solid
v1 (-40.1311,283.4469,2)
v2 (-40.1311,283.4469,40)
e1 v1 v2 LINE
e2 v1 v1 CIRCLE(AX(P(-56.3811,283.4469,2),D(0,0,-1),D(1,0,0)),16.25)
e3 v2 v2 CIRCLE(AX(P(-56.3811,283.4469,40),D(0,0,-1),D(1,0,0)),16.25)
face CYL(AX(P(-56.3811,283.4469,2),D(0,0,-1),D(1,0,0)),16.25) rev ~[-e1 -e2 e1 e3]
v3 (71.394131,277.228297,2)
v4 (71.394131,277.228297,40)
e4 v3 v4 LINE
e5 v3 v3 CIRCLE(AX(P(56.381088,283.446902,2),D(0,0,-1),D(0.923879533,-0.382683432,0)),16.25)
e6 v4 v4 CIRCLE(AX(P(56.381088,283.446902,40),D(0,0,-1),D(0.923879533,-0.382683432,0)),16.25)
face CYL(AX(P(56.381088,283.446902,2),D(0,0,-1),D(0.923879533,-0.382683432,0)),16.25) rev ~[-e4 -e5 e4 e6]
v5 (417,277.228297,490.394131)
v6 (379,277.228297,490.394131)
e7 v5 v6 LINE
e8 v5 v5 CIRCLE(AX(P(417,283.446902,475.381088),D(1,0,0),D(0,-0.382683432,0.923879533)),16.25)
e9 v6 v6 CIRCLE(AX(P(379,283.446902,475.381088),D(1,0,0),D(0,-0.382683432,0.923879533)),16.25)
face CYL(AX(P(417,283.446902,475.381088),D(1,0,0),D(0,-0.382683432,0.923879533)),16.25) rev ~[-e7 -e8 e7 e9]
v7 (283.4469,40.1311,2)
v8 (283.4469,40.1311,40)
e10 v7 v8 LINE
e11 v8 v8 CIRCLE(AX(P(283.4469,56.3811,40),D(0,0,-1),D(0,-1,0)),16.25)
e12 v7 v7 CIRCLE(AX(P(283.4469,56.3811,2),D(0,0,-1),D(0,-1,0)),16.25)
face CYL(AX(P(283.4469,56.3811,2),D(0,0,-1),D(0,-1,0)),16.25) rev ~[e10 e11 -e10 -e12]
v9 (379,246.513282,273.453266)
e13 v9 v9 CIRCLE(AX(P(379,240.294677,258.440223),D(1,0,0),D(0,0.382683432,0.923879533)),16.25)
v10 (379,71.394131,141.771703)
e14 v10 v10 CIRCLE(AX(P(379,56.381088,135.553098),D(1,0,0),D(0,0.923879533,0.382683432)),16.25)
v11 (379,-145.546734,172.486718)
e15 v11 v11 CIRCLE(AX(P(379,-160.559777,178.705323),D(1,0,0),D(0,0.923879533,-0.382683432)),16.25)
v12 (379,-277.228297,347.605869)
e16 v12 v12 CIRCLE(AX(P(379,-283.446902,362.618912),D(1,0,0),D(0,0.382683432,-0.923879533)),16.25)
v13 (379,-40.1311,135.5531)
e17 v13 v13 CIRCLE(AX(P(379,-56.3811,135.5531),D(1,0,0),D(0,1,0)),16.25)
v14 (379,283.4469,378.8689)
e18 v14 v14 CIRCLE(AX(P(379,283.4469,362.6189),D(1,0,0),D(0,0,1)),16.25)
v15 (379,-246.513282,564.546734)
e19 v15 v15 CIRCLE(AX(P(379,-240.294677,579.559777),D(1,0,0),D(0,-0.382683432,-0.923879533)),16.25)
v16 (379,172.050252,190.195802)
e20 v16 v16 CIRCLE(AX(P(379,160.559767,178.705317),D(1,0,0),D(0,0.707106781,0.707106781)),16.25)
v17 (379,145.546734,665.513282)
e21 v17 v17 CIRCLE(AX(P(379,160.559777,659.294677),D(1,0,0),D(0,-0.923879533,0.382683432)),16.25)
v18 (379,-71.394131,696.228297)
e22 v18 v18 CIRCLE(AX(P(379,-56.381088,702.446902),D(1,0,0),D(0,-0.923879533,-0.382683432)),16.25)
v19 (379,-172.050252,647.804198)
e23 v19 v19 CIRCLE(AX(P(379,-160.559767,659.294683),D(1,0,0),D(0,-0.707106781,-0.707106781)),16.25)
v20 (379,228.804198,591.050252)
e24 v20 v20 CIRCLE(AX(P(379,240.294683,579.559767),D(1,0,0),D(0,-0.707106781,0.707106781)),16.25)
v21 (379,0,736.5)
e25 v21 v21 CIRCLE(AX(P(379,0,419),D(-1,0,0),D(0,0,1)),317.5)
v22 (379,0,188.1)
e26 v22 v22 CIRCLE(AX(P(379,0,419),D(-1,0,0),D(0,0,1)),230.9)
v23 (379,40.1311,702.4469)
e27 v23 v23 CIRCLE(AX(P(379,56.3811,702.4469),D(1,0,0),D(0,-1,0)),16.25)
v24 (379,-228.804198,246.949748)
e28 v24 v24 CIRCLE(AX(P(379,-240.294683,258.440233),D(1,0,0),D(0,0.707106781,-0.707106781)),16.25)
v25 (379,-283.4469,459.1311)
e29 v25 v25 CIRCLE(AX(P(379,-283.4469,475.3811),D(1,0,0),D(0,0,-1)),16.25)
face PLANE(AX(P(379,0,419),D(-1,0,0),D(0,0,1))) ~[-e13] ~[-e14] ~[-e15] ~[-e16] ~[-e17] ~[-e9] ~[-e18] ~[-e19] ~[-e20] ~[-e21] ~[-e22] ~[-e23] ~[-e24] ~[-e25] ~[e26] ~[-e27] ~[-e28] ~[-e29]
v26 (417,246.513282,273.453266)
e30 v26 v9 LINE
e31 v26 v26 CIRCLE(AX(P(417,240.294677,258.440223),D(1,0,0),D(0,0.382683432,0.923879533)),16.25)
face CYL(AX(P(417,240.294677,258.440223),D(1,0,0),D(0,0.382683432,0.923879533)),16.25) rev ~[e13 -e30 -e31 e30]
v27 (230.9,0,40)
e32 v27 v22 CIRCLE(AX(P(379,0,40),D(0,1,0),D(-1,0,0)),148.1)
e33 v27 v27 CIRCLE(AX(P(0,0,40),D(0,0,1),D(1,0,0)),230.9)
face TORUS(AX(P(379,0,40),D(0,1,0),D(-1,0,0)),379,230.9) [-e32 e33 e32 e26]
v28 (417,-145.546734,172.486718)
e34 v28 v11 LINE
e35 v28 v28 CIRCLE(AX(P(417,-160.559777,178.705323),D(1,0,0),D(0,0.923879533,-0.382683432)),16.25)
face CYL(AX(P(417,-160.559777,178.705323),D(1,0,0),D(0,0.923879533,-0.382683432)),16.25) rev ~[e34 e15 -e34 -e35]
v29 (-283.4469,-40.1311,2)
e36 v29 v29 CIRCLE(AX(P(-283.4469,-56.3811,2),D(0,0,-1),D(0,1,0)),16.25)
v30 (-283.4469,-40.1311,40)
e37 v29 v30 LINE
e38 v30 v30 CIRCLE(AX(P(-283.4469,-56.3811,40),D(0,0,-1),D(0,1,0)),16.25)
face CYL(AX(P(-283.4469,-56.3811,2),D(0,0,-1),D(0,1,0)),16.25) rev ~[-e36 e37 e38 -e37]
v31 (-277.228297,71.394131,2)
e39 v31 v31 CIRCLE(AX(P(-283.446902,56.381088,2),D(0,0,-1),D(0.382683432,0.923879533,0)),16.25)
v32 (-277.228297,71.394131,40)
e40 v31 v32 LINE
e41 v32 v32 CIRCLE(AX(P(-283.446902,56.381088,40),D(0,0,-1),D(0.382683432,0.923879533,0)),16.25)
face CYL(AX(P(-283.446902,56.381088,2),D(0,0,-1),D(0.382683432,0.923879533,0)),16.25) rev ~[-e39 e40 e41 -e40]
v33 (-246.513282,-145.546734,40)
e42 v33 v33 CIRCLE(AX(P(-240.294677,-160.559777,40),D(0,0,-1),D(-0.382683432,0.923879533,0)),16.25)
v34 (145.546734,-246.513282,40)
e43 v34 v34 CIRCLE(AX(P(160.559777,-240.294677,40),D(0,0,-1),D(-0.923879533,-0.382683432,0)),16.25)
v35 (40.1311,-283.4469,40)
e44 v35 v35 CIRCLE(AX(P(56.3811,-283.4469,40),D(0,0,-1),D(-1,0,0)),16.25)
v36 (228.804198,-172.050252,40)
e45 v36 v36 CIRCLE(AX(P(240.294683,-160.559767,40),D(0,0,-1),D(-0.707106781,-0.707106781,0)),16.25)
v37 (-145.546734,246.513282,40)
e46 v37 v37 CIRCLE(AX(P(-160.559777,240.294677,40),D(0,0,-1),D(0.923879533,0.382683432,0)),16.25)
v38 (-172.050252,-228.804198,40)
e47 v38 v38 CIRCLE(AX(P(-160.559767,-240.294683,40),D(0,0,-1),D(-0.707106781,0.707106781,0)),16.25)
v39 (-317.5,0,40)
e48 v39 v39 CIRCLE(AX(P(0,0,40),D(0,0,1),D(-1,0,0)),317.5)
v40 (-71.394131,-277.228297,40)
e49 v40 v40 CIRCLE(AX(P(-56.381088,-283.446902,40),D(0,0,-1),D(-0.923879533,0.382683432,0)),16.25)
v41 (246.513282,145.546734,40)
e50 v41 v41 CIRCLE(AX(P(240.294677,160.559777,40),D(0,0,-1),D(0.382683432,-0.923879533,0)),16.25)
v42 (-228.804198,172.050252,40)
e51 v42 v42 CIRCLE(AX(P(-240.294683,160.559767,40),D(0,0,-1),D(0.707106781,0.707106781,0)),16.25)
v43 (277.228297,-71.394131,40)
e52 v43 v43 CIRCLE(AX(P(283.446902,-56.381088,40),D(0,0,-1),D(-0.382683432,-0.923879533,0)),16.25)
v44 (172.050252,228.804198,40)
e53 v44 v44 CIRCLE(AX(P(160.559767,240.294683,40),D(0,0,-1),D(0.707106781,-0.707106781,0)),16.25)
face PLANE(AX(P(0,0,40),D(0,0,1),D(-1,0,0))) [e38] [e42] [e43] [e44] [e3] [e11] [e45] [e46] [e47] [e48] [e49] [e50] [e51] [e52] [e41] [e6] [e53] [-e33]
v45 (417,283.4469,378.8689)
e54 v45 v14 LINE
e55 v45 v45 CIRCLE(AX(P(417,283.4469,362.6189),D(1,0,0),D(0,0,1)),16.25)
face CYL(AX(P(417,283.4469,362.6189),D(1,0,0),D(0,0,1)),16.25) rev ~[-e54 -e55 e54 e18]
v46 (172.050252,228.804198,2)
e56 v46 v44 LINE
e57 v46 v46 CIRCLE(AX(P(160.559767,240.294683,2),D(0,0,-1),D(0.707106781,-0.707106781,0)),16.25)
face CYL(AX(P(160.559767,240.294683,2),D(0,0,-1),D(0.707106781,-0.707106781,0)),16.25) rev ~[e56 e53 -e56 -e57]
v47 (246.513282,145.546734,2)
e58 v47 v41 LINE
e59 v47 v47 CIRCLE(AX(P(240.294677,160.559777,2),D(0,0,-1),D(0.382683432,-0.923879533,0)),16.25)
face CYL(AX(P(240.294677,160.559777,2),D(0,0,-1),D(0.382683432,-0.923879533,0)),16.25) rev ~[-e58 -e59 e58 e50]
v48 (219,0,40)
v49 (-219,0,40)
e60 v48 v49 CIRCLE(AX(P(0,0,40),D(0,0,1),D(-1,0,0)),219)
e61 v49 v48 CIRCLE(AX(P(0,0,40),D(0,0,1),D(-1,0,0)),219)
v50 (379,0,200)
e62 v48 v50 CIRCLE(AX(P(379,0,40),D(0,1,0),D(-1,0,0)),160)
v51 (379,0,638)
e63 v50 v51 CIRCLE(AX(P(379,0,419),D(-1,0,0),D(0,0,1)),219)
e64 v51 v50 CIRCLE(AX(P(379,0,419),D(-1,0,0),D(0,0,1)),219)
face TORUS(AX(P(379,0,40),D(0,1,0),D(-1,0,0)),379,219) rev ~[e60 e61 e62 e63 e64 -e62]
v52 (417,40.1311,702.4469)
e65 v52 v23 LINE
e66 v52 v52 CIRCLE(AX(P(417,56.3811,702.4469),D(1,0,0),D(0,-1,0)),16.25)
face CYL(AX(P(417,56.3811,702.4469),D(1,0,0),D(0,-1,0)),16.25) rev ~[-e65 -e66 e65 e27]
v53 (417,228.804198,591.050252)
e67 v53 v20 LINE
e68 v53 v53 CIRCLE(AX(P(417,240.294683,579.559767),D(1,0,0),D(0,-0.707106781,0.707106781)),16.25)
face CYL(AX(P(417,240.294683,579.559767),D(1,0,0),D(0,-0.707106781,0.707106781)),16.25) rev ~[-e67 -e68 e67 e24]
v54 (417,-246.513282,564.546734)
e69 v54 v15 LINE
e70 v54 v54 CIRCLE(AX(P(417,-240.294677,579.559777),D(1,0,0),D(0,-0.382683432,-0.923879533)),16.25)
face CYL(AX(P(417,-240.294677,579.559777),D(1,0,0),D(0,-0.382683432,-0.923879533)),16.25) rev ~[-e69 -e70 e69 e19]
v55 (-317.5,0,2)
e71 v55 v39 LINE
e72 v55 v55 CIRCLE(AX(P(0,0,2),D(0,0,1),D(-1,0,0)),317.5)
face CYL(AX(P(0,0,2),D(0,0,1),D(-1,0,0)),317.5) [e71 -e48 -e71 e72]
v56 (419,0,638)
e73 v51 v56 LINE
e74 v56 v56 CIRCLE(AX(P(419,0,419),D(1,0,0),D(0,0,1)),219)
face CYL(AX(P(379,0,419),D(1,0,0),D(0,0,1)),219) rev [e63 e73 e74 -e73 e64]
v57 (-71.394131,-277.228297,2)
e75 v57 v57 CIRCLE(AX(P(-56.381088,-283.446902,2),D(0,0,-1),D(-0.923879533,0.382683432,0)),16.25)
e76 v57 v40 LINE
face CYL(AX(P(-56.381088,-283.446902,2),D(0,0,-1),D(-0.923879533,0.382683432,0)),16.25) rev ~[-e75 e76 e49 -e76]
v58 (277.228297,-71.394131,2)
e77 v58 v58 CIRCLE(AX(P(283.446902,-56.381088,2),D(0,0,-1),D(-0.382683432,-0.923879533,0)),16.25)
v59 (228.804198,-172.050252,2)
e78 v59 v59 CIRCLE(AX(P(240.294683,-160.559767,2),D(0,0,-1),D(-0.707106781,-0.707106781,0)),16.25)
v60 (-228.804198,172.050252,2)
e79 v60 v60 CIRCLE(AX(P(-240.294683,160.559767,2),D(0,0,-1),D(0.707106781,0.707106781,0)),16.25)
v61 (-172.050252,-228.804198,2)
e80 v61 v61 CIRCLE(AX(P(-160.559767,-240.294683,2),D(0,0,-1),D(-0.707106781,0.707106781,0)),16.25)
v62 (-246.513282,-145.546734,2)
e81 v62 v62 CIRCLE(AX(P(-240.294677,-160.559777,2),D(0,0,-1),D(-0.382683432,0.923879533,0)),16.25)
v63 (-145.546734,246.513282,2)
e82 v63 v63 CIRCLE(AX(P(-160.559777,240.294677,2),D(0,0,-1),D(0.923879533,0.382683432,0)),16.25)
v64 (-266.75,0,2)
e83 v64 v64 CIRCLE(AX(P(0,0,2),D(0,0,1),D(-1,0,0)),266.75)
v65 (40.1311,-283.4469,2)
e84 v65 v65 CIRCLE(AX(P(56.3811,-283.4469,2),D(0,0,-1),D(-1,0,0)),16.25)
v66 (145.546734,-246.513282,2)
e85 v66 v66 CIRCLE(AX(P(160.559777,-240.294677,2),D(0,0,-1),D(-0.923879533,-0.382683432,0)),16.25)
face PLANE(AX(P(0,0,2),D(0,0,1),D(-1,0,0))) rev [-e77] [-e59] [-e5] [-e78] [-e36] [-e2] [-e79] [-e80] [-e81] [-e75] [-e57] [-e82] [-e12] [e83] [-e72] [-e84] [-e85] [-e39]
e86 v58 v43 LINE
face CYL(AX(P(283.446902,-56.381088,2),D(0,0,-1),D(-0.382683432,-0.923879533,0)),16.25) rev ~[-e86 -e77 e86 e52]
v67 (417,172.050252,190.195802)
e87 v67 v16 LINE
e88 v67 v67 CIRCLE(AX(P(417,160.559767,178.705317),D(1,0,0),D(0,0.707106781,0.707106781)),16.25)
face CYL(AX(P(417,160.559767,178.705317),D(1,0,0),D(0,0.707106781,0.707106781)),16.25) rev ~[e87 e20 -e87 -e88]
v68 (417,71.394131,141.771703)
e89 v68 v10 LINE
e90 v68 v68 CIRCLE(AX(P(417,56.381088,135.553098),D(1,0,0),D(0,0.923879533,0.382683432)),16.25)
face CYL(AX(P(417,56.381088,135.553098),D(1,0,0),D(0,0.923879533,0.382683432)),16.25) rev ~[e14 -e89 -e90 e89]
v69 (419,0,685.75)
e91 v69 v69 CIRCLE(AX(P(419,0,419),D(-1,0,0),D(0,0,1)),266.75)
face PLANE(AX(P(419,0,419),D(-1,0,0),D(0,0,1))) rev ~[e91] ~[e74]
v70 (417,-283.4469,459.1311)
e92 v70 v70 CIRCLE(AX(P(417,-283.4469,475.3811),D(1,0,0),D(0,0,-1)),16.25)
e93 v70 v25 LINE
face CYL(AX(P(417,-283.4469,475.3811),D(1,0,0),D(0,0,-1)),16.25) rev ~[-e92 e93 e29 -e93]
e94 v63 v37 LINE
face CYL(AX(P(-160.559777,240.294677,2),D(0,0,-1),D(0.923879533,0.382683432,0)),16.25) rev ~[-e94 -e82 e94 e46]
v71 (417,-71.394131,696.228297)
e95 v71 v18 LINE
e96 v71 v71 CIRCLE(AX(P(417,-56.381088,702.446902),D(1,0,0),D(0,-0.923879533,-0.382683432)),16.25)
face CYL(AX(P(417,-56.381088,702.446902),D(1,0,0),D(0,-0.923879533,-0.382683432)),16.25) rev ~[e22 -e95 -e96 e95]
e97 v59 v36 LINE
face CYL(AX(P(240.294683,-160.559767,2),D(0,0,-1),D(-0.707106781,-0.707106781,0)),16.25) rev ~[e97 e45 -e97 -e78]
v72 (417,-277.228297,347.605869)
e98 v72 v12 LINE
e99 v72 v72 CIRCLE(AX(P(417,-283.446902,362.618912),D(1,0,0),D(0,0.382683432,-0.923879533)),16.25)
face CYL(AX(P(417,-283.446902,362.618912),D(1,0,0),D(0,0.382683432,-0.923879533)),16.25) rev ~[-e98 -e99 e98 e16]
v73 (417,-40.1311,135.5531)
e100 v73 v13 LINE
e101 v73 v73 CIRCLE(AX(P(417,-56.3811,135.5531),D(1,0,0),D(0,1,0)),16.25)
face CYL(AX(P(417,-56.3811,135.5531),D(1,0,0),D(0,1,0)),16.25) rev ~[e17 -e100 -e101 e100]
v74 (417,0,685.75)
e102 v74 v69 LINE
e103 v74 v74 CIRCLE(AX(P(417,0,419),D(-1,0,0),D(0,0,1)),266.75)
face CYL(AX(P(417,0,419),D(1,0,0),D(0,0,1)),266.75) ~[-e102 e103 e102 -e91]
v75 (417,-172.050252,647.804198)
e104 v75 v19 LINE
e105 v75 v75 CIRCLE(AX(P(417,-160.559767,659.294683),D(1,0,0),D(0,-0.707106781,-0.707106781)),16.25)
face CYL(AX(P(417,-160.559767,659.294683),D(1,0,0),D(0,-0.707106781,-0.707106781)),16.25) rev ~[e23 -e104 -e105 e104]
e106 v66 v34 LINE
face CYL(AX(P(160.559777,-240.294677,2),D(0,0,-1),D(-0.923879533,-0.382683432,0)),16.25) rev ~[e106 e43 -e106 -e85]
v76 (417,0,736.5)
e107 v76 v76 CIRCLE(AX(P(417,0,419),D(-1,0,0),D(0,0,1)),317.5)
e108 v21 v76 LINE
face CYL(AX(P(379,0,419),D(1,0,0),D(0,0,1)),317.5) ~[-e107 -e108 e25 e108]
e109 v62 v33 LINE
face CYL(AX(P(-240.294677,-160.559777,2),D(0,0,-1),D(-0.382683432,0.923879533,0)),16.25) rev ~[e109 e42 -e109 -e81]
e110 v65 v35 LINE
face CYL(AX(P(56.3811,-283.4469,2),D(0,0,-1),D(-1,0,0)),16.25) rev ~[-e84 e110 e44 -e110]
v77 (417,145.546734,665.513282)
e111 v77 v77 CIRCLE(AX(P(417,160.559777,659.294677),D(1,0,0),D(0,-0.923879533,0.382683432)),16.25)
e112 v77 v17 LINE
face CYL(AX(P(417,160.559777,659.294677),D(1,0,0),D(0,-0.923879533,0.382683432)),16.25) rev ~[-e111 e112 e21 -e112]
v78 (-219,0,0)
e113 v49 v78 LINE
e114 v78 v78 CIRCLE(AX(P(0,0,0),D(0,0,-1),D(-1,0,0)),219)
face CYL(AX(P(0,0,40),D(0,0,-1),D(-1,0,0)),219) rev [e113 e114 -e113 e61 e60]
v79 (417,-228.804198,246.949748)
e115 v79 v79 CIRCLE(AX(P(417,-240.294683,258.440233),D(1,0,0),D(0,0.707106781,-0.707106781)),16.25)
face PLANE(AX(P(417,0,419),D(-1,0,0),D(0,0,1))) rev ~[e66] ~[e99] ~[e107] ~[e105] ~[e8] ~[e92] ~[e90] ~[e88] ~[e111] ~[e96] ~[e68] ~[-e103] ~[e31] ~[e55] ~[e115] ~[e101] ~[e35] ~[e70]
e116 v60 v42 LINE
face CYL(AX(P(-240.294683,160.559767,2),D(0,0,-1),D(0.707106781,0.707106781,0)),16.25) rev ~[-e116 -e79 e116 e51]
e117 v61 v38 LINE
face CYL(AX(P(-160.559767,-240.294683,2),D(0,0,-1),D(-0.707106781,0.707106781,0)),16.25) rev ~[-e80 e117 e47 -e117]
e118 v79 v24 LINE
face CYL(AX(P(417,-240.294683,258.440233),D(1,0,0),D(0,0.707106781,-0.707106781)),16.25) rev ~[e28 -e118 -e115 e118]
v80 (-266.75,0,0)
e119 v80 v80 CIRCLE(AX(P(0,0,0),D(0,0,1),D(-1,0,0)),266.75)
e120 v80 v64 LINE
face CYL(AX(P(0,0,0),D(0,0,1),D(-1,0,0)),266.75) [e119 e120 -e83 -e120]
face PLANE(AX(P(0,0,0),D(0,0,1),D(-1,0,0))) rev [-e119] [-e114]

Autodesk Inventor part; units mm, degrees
ref_plane "YZ Plane" through (0, 0, 0) normal (1, 0, 0) x (0, 1, 0)
ref_plane "XZ Plane" through (0, 0, 0) normal (0, 1, 0) x (-1, 0, 0)
ref_plane "XY Plane" through (0, 0, 0) normal (0, 0, 1) x (1, 0, 0)
sketch "Sketch1" plane through (0, 0, 0) normal (0, 1, 0) x (-1, 0, 0)
  line L0 (219, 0) -> (266.75, 0)
  line L1 (266.75, 0) -> (266.75, 2)
  line L2 (266.75, 2) -> (317.5, 2)
  line L3 (317.5, 2) -> (317.5, 40)
  line L4 (317.5, 40) -> (219, 40)
  line L5 (219, 40) -> (219, 0)
  line L6 (0, 0) -> (0, 40)
  line L7 (0, 40) -> (219, 40) construction
  line L8 (0, 0) -> (219, 0) construction
  line L9 (-419, 419) -> (-379, 419) construction
  line L10 (-379, 419) -> (-379, 638) construction
  line L11 (-379, 638) -> (-419, 638)
  line L12 (-419, 638) -> (-419, 419) construction
  line L13 (-379, 638) -> (-379, 736.5)
  line L14 (-379, 736.5) -> (-417, 736.5)
  line L15 (-417, 736.5) -> (-417, 685.75)
  line L16 (-417, 685.75) -> (-419, 685.75)
  line L17 (-419, 685.75) -> (-419, 638)
  dimension "d0" = 438
  dimension "d1" = 635
  dimension "d2" = 533.5
  dimension "d3" = 2
  dimension "d4" = 40
  dimension "d6" = 2
  dimension "d7" = 40
  dimension "d8" = 438
  dimension "d9" = 533.5
  dimension "d10" = 635
  dimension "d11" = 419
  dimension "d12" = 419
revolve "Revolution1" add sketch "Sketch1" angle 360 about axis through (0, 0, 0) along (0, 0, 1) contours L5 L4 L3 L2 L1 L0
revolve "Revolution2" add sketch "Sketch1" angle 360 about axis through (419, 0, 419) along (-1, 0, 0) contours L11 L17 L16 L15 L14 L13
sketch "Sketch2" plane through (0, 0, 0) normal (0, 1, 0) x (-1, 0, 0)
  line L0 (-379, 638) -> (-379, 736.5) projected
  line L1 (317.5, 40) -> (219, 40) projected
  line L2 (0, 0) -> (0, 40) projected
  line L3 (-419, 419) -> (-379, 419) projected
  arc A0 (0, 40) -> (-379, 419) centre (-379, 40) ccw
sketch "Sketch3" plane through (0, 0, 40) normal (0, 0, 1) x (1, 0, 0)
  circle A0 centre (0, 0) radius 219 projected
  circle A1 centre (0, 0) radius 219
  circle A2 centre (0, 0) radius 230.9
  dimension "d14" = 461.8
sweep "Sweep1" add profiles "Sketch3" path "Sketch2" path curves L2 A0 L3
sketch "Sketch6" plane through (0, 0, 2) normal (0, 0, -1) x (-1, 0, 0)
  circle A0 centre (0, 0) radius 317.5 projected
  circle A1 centre (-56.3811, -283.4469) radius 16.25
  circle A2 centre (0, 0) radius 289 construction
  line L0 (-56.3811, -283.4469) -> (0, 0) construction
  line L1 (0, 0) -> (0, -289) construction
  dimension "d20" = 11.25
  dimension "d21" = 32.5
  dimension "d22" = 578
extrude "Extrusion1" cut sketch "Sketch6" against normal up to surface (38 mm away) contours A1
pattern_circular "Circular Pattern1" count 16 over 360 about axis through (0, 0, 21) along (0, 0, -1) of "Extrusion1"
sketch "Sketch7" plane through (417, 0, 419) normal (1, 0, 0) x (0, 0, -1)
  circle A0 centre (0, 0) radius 266.75 projected
  circle A1 centre (-56.3811, -283.4469) radius 16.25
  circle A2 centre (0, 0) radius 289 construction
  line L0 (-56.3811, -283.4469) -> (0, 0) construction
  line L1 (0, 0) -> (0, -289) construction
  dimension "d25" = 11.25
  dimension "d26" = 32.5
  dimension "d27" = 578
extrude "Extrusion2" cut sketch "Sketch7" against normal up to surface (38 mm away) contours A1
pattern_circular "Circular Pattern2" count 16 over 360 about axis through (398, 0, 419) along (-1, 0, 0) of "Extrusion2"
equation "\"d0\" = d"
equation "\"d1\" = D1"
equation "\"d2\" = D2"
equation "\"d4\" = C1"
equation "\"d7\" = C1"
equation "\"d8\" = d"
equation "\"d9\" = D2"
equation "\"d10\" = D1"
equation "\"d11\" = AA"
equation "\"d12\" = AA"
equation "\"d14\" = d + 2 * t"
equation "\"d21\" = L"
equation "\"d22\" = K1"
equation "\"d26\" = L"
equation "\"d27\" = K1"
equation "\"D1\" = 635"
equation "\"C1\" = 40"
equation "\"t\" = 11.9"
equation "\"d\" = 438"
equation "\"AA\" = 419"
equation "\"D2\" = 533.5"
equation "\"K1\" = 578"
equation "\"L\" = 32.5"
properties part number "GB/T 17185 450-PN20 \"F90E(S) RF\"" material "Steel"
